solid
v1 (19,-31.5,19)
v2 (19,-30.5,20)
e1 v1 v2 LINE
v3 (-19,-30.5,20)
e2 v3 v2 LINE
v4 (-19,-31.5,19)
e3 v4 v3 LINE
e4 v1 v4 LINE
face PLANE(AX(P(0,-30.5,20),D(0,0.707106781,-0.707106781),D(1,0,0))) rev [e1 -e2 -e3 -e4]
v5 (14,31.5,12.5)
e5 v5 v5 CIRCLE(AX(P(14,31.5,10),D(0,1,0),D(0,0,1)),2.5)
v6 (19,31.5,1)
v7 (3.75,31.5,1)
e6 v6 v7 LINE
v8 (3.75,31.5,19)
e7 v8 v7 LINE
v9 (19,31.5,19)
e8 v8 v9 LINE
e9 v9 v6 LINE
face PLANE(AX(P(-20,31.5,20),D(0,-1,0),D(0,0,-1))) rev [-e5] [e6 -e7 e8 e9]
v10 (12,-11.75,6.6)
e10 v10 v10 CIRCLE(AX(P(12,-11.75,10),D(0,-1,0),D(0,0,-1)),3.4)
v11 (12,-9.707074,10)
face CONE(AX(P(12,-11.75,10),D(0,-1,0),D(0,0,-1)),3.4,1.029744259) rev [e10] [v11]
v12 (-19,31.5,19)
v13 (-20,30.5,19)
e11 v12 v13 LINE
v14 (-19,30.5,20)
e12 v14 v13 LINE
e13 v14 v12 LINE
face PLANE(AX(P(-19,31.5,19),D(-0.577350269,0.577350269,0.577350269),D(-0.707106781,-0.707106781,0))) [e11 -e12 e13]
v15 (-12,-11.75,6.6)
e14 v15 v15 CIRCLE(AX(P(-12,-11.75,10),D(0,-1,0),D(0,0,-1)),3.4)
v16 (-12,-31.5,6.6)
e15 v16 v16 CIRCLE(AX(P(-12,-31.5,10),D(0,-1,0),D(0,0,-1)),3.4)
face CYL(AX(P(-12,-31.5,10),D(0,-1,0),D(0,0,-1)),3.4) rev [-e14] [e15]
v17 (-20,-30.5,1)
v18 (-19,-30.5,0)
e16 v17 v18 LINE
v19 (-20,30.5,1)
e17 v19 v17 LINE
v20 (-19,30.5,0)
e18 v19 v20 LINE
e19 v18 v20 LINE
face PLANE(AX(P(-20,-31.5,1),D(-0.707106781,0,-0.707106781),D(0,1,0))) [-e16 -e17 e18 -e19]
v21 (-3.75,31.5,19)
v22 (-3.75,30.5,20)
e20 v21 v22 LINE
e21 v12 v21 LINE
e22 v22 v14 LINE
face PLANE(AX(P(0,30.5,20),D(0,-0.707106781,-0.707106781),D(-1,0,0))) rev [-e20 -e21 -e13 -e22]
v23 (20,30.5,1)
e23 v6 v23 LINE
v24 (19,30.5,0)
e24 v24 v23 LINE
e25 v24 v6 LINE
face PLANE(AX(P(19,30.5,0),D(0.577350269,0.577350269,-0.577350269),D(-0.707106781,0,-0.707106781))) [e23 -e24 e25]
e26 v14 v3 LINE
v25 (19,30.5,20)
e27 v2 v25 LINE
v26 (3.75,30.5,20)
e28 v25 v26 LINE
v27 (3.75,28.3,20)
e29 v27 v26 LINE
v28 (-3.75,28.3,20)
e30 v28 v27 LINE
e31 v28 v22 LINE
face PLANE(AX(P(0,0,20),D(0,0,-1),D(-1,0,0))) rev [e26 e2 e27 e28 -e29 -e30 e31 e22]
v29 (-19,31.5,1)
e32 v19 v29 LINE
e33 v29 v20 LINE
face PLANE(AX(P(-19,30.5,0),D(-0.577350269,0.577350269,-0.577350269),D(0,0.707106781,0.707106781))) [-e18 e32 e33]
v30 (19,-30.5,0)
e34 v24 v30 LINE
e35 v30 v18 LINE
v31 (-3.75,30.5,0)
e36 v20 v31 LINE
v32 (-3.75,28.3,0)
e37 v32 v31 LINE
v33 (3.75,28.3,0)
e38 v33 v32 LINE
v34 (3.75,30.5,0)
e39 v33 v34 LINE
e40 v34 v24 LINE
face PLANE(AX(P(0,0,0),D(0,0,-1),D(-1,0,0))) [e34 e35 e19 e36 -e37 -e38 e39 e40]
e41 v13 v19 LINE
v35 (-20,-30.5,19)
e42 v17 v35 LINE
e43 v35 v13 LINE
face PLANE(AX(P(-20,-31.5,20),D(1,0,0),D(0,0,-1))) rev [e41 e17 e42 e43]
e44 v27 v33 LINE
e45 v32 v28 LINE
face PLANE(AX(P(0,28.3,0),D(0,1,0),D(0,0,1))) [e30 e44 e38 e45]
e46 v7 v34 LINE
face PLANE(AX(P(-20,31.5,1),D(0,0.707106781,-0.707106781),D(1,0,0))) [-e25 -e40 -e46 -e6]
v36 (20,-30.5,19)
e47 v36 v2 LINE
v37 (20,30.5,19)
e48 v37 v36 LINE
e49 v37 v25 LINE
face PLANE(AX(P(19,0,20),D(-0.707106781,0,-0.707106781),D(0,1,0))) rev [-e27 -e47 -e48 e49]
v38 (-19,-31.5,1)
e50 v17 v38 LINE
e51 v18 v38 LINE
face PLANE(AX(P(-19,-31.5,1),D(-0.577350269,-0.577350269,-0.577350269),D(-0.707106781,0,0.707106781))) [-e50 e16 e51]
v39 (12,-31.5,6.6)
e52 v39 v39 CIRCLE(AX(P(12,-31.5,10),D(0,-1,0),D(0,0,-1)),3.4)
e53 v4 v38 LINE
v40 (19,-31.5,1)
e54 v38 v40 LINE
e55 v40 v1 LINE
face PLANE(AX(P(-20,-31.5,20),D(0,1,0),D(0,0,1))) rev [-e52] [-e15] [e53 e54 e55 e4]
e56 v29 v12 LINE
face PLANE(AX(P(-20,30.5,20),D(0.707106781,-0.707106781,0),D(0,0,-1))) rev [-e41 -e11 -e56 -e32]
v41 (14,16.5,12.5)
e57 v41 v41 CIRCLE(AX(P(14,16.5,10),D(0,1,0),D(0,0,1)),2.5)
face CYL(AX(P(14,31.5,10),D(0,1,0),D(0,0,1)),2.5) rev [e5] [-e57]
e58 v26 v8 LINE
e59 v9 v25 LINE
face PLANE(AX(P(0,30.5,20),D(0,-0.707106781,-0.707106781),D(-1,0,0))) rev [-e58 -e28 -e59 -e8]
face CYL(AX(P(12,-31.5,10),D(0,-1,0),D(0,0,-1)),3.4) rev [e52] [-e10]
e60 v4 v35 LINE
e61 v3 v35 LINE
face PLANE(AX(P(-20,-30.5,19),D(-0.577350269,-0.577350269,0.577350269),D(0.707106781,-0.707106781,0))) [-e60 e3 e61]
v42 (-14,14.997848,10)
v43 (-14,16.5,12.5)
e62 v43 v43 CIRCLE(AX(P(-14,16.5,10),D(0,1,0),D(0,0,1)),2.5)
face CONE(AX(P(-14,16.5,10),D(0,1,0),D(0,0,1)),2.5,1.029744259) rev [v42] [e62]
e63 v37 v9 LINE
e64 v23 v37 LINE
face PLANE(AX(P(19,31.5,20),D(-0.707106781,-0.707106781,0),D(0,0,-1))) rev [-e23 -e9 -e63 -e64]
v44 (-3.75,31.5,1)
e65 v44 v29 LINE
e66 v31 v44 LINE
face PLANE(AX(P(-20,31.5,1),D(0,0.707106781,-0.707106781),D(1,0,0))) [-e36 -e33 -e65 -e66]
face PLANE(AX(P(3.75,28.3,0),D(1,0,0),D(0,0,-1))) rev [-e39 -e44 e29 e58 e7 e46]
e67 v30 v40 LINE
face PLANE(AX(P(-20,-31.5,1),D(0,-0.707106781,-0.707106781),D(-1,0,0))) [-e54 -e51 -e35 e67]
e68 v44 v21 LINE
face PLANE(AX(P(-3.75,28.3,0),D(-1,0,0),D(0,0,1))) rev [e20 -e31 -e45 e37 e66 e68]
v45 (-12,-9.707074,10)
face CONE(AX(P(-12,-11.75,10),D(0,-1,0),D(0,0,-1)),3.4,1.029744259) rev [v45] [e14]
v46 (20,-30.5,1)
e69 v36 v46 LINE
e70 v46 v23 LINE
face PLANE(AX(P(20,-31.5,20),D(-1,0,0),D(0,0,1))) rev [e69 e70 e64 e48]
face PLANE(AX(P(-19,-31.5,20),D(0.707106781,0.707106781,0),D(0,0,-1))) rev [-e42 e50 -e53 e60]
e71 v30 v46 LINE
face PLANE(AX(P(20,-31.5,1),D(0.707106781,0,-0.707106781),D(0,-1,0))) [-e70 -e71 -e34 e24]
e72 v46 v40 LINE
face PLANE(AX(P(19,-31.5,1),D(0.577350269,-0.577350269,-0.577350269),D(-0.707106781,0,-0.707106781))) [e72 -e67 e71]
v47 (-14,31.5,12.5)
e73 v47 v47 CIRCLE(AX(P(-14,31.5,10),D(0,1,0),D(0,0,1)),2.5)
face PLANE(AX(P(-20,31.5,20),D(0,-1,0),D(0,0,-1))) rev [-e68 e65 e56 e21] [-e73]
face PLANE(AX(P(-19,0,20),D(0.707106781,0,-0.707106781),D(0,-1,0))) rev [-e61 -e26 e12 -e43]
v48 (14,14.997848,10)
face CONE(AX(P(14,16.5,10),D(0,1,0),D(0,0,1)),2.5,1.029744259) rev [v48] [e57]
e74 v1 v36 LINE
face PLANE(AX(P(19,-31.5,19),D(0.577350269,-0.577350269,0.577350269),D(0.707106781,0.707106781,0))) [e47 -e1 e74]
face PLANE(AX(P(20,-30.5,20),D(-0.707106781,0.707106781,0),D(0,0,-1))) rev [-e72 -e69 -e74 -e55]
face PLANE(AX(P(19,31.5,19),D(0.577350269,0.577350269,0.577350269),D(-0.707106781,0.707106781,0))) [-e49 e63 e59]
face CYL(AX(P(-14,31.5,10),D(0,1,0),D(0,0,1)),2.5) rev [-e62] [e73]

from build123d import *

# Parameters (mm, degrees)
SKETCH1_W             = 40
SKETCH1_H             = 63
BOSS_EXTRUDE1_DEPTH   = 20
SKETCH2_W             = 7.5
SKETCH2_H             = 20
CUT_EXTRUDE1_DEPTH    = 3.2
M8_TAPPED_HOLE1_D     = 6.8
M8_TAPPED_HOLE1_DEPTH = 19.75
M8_TAPPED_HOLE1_TIP   = 2.042926105
M6_TAPPED_HOLE1_D     = 5
M6_TAPPED_HOLE1_DEPTH = 15
M6_TAPPED_HOLE1_TIP   = 1.502151548
CHAMFER1_SIZE         = 1


with BuildPart() as part:
    # Sketch1 → Boss-Extrude1 (new body)
    with BuildSketch(Plane.XY):
        Rectangle(SKETCH1_W, SKETCH1_H)
    extrude(amount=BOSS_EXTRUDE1_DEPTH)

    # Sketch2 → Cut-Extrude1 (cut)
    with BuildSketch(Plane(origin=(0, 31.5, 0), x_dir=(1, 0, 0), z_dir=(0, 1, 0))):
        with Locations((0, -10)):
            Rectangle(SKETCH2_W, SKETCH2_H)
    extrude(amount=-CUT_EXTRUDE1_DEPTH, mode=Mode.SUBTRACT)

    # M8 Tapped Hole1
    with Locations(Plane(origin=(0, -31.5, 0), x_dir=(-1, 0, 0), z_dir=(0, -1, 0))):
        with Locations((-12, -10), (12, -10)):
            Hole(M8_TAPPED_HOLE1_D / 2, depth=M8_TAPPED_HOLE1_DEPTH)
            with Locations((0, 0, -(M8_TAPPED_HOLE1_DEPTH + M8_TAPPED_HOLE1_TIP / 2))):  # 118° drill point
                Cone(0, M8_TAPPED_HOLE1_D / 2, M8_TAPPED_HOLE1_TIP, mode=Mode.SUBTRACT)

    # M6 Tapped Hole1
    with Locations(Plane(origin=(0, 31.5, 0), x_dir=(1, 0, 0), z_dir=(0, 1, 0))):
        with Locations((-14, -10), (14, -10)):
            Hole(M6_TAPPED_HOLE1_D / 2, depth=M6_TAPPED_HOLE1_DEPTH)
            with Locations((0, 0, -(M6_TAPPED_HOLE1_DEPTH + M6_TAPPED_HOLE1_TIP / 2))):  # 118° drill point
                Cone(0, M6_TAPPED_HOLE1_D / 2, M6_TAPPED_HOLE1_TIP, mode=Mode.SUBTRACT)

    # Chamfer1
    chamfer1_edges = [part.edges().sort_by_distance(p)[0] for p in [
        (-20, 0, 20),
        (-11.875, 31.5, 0),
        (0, -31.5, 20),
        (-11.875, 31.5, 20),
        (20, 0, 20),
        (0, -31.5, 0),
        (-20, 0, 0),
        (11.875, 31.5, 0),
        (20, 0, 0),
        (20, -31.5, 10),
        (-20, -31.5, 10),
        (-20, 31.5, 10),
        (20, 31.5, 10),
        (11.875, 31.5, 20),
    ]]
    chamfer(chamfer1_edges, length=CHAMFER1_SIZE)


solid = part.part
